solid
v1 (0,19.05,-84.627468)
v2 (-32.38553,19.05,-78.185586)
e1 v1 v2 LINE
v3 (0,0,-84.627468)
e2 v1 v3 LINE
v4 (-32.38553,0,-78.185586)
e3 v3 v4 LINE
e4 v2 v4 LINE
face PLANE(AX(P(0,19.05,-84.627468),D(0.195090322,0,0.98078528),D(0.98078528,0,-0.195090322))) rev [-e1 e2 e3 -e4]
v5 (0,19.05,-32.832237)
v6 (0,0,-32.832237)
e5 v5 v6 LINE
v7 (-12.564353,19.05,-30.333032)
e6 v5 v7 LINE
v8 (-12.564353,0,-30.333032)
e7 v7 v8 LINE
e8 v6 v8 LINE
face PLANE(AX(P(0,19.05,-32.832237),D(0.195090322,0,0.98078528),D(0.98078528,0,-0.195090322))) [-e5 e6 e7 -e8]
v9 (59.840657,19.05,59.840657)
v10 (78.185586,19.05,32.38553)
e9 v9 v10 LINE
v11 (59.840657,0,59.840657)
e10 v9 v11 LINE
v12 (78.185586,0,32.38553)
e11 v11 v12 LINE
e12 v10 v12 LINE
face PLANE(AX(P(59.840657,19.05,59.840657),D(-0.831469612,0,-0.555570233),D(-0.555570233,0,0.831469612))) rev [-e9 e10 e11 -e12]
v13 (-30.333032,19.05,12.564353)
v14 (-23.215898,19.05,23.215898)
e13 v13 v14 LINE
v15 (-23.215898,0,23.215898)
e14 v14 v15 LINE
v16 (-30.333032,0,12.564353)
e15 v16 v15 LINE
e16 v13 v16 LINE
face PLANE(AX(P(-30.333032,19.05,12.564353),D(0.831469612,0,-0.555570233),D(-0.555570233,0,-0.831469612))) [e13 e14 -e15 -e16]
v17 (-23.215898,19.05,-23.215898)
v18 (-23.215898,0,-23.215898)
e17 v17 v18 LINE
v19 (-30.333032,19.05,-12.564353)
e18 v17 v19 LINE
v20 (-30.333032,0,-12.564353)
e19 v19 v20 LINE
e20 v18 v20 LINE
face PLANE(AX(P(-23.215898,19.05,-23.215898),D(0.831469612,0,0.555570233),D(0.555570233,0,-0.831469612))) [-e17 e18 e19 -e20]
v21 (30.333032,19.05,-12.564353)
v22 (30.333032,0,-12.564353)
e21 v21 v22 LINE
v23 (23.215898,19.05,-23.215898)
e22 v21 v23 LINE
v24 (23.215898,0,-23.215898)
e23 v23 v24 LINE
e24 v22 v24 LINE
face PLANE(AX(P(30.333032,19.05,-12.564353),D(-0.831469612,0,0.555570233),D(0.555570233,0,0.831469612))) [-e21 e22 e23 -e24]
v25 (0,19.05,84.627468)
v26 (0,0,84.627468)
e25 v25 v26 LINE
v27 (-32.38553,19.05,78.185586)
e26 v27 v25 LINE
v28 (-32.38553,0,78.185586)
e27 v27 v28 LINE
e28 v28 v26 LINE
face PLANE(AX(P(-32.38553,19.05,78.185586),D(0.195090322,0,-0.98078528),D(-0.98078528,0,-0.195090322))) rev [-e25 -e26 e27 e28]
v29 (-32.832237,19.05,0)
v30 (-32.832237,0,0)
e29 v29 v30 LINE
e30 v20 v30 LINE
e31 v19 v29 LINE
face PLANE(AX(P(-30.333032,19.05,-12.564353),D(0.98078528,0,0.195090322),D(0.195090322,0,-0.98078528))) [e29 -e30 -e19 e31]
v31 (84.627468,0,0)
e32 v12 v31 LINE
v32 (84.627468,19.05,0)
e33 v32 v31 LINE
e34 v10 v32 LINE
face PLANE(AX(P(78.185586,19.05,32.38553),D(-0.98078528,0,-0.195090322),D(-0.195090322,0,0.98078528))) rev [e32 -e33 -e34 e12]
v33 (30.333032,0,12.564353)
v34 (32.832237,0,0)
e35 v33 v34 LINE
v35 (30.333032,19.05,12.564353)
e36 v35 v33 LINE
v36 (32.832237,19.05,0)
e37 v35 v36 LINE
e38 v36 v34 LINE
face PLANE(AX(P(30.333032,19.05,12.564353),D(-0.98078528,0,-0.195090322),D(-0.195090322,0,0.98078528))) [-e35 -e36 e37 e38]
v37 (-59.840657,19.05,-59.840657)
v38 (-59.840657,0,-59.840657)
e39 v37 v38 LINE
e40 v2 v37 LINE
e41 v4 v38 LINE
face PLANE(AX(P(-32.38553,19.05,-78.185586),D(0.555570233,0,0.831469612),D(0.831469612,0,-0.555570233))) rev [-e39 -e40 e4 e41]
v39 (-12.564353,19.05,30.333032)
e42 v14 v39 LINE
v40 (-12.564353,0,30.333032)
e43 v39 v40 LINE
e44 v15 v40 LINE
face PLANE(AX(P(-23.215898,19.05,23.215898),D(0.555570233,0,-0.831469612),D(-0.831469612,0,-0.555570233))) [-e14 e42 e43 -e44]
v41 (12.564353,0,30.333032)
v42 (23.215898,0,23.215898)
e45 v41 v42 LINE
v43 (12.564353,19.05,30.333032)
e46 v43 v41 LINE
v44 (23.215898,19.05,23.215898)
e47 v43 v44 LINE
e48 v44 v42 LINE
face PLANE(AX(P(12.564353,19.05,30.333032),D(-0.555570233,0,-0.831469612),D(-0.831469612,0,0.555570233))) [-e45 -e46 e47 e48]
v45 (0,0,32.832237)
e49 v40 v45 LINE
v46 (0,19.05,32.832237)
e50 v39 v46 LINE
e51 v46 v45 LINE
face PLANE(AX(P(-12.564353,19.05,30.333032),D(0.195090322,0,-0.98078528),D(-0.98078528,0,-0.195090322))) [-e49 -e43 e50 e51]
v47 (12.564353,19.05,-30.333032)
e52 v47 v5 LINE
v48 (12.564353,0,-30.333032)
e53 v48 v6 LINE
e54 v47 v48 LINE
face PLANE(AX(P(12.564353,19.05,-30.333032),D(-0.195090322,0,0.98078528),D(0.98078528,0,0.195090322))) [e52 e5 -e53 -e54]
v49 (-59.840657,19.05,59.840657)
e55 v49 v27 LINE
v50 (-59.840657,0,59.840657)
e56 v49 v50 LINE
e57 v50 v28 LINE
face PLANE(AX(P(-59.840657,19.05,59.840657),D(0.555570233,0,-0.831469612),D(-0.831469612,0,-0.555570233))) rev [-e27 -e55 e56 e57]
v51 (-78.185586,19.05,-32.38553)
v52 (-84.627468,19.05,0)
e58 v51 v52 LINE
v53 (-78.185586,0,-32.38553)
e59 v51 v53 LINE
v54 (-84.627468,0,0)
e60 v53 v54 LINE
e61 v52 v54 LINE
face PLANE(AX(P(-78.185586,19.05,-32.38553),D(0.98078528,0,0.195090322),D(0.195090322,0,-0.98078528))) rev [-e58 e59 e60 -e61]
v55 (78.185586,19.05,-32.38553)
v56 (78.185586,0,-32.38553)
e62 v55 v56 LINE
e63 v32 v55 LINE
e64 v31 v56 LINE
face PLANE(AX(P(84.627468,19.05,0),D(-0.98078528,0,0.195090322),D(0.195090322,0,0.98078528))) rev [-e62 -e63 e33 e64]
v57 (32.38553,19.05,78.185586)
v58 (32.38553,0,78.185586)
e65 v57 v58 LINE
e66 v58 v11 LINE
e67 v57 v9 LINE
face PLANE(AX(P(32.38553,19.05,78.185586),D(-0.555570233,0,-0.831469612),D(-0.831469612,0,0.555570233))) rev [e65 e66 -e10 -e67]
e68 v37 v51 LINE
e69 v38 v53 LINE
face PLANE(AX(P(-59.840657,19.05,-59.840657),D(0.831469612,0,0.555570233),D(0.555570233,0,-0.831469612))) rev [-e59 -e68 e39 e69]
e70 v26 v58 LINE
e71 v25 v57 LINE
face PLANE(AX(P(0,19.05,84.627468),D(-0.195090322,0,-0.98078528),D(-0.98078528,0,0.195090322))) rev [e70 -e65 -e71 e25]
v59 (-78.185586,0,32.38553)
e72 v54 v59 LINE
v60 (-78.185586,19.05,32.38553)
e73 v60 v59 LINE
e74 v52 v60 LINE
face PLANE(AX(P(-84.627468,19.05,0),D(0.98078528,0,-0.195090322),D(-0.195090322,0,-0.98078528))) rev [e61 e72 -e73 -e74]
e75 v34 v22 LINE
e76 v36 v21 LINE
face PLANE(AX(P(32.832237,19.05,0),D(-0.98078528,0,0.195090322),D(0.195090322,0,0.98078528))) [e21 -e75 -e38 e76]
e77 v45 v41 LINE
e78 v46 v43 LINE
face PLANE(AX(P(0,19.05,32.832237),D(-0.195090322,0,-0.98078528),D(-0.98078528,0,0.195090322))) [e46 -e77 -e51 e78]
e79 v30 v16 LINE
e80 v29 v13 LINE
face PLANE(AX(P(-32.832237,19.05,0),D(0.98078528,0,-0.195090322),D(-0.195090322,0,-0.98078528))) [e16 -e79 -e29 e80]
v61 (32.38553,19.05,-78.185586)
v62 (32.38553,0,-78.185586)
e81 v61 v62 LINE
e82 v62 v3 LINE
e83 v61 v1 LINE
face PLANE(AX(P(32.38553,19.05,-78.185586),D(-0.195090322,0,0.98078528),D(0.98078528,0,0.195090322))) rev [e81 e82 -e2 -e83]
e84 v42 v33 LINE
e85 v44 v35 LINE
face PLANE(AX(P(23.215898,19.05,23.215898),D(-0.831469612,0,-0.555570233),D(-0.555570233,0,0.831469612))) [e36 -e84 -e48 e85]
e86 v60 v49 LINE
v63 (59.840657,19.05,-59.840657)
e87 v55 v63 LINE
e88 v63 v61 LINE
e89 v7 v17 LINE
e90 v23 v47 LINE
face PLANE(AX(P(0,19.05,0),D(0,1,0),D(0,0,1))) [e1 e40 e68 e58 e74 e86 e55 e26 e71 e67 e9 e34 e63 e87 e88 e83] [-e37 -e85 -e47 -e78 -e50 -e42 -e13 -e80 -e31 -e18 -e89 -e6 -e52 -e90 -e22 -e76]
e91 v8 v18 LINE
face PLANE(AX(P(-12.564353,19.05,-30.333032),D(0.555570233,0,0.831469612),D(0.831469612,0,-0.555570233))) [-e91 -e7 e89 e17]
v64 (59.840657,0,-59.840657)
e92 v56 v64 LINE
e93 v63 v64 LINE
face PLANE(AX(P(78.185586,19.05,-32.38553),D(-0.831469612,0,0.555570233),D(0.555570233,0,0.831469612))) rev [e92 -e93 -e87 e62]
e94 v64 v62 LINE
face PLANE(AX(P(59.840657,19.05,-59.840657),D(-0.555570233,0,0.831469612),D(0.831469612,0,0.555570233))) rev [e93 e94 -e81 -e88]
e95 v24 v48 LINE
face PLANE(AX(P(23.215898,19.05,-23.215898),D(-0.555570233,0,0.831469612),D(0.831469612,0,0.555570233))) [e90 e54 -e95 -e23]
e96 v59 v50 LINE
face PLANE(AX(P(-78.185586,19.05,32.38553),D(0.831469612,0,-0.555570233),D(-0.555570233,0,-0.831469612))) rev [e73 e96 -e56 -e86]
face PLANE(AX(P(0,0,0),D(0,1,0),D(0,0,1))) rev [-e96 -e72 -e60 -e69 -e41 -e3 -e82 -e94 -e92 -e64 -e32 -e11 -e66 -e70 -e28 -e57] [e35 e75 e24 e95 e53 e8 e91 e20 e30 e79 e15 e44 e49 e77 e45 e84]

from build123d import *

# Parameters (mm, degrees)
BOSS_EXTRUDE1_DEPTH = 19.05


with BuildPart() as part:
    # Sketch1 → Boss-Extrude1 (new body)
    with BuildSketch(Plane(origin=(0, 0, 0), x_dir=(1, 0, 0), z_dir=(0, 1, 0))):
        Polygon((84.627468084, 0), (78.185585651, 32.385529959), (59.840656557, 59.840656557), (32.385529959, 78.185585651), (0, 84.627468084), (-32.385529959, 78.185585651), (-59.840656557, 59.840656557), (-78.185585651, 32.385529959), (-84.627468084, 0), (-78.185585651, -32.385529959), (-59.840656557, -59.840656557), (-32.385529959, -78.185585651), (0, -84.627468084), (32.385529959, -78.185585651), (59.840656557, -59.840656557), (78.185585651, -32.385529959), align=None)
        Polygon((32.832237247, 0), (30.333031999, 12.564353242), (23.215897599, 23.215897599), (12.564353242, 30.333031999), (0, 32.832237247), (-12.564353242, 30.333031999), (-23.215897599, 23.215897599), (-30.333031999, 12.564353242), (-32.832237247, 0), (-30.333031999, -12.564353242), (-23.215897599, -23.215897599), (-12.564353242, -30.333031999), (0, -32.832237247), (12.564353242, -30.333031999), (23.215897599, -23.215897599), (30.333031999, -12.564353242), align=None, mode=Mode.SUBTRACT)
    extrude(amount=BOSS_EXTRUDE1_DEPTH)


solid = part.part
